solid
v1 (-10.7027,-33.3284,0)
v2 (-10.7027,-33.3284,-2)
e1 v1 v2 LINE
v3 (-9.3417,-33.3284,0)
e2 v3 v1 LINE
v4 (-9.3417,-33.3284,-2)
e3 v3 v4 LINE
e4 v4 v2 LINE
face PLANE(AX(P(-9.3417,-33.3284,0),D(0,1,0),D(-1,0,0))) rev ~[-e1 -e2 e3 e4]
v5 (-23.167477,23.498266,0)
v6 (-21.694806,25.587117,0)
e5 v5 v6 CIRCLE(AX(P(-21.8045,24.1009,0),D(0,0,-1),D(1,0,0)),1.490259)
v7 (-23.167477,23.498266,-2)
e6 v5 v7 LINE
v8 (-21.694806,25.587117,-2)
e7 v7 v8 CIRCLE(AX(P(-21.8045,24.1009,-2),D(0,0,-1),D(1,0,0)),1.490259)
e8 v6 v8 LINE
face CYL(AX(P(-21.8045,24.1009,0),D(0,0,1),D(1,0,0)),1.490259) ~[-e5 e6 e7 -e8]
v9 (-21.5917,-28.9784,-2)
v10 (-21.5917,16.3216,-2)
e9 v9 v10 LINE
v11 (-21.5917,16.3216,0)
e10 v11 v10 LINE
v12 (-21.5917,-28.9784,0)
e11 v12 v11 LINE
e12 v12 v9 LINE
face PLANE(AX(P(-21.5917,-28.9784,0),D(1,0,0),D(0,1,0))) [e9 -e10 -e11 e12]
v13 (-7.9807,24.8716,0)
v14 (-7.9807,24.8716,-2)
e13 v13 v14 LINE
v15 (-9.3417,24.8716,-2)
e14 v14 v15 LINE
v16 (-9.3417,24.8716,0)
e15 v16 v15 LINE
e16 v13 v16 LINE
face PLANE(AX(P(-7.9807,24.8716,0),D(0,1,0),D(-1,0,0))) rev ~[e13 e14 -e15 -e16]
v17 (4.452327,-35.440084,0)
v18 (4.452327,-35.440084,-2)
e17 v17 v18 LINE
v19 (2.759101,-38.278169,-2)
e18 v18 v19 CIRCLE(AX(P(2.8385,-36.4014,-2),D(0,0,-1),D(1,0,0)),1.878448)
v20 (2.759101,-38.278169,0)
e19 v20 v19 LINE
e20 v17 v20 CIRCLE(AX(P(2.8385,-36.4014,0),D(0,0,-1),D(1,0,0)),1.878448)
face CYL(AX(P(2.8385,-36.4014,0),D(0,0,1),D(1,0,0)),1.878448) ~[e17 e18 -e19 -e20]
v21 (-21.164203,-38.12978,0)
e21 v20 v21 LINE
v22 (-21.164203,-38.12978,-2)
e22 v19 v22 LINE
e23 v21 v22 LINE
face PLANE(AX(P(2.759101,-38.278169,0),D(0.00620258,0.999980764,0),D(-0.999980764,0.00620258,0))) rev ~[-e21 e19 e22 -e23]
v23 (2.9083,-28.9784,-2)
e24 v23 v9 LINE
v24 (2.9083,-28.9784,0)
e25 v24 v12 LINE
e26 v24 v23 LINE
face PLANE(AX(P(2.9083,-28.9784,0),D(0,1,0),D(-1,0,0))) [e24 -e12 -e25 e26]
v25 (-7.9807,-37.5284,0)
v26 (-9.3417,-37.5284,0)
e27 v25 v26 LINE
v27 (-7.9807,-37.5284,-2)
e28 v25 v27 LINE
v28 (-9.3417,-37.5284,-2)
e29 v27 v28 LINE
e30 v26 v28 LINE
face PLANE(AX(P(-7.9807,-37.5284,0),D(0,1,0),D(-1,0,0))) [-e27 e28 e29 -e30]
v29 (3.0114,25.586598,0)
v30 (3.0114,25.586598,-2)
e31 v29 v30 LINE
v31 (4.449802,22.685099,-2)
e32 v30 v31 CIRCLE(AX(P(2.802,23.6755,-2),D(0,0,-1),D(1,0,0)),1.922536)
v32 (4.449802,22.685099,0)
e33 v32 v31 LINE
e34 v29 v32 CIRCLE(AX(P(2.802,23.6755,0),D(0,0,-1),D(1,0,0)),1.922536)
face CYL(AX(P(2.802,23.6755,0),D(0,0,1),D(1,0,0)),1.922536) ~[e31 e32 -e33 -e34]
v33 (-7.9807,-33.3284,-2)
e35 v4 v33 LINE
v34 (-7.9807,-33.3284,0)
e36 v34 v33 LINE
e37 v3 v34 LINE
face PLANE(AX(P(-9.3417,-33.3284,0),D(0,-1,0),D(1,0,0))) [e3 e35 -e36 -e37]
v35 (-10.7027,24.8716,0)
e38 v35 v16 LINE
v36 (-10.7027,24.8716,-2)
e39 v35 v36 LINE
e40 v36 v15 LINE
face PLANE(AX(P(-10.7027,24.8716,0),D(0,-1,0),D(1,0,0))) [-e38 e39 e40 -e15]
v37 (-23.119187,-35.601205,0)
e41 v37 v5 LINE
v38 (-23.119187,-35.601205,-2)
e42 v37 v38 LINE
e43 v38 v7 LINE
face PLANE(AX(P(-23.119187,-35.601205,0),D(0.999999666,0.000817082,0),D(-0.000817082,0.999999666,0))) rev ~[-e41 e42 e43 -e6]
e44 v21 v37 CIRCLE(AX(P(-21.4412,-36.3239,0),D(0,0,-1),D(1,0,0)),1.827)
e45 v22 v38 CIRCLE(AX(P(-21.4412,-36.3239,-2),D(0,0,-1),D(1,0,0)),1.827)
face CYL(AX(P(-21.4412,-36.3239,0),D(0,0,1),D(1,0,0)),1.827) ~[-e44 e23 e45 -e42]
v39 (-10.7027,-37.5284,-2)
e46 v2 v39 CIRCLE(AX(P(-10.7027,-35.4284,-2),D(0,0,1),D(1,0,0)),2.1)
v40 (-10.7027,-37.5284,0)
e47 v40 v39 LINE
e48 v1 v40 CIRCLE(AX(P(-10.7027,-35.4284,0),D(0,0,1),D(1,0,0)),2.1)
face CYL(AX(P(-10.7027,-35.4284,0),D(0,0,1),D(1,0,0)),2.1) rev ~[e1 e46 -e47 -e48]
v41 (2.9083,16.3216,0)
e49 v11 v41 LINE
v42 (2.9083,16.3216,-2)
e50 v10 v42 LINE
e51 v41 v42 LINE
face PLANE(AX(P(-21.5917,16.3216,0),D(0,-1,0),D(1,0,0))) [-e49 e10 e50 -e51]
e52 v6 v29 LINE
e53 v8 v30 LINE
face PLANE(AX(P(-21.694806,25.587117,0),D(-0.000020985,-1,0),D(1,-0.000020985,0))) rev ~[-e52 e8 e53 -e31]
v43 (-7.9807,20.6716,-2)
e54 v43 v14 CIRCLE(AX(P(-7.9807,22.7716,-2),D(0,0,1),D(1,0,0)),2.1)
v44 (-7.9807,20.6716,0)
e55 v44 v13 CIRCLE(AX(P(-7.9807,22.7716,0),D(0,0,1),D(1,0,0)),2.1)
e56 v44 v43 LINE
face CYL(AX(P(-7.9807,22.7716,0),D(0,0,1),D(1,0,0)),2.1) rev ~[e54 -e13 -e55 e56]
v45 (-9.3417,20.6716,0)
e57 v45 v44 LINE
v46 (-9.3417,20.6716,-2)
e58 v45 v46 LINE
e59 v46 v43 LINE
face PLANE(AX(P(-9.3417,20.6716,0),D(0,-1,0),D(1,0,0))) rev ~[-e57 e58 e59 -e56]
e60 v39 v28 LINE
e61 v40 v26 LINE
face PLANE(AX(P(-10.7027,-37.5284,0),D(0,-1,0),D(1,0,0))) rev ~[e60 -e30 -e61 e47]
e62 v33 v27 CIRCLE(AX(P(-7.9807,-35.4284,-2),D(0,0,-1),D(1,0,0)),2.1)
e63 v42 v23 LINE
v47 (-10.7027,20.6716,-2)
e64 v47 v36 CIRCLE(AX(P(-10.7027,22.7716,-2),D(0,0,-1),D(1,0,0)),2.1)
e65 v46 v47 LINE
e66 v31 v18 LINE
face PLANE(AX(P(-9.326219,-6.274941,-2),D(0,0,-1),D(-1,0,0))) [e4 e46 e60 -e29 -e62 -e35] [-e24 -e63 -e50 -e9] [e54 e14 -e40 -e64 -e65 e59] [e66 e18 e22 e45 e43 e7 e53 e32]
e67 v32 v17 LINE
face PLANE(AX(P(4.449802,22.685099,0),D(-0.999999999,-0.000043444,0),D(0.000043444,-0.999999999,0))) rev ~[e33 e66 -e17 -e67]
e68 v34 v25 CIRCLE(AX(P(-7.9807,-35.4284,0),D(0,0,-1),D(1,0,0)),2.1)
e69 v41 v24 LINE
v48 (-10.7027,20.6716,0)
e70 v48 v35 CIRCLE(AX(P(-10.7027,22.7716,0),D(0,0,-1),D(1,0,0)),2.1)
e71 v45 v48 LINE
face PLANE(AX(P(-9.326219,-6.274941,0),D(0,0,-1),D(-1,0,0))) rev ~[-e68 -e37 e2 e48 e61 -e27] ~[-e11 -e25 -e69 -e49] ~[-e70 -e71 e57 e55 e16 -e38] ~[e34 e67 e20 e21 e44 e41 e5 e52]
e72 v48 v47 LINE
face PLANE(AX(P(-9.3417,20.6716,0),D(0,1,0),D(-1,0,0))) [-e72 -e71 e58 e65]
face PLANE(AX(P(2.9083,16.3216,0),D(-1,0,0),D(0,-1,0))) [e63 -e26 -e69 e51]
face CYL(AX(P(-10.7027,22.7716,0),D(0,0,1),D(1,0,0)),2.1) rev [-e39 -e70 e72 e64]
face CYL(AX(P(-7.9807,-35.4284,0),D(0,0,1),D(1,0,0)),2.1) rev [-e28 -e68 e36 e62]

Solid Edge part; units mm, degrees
sketch "Sketch1" plane through (0, 0, 0) normal (0, 0, 1) x (1, 0, 0)
  line L0 (-21.6948, 25.5872) -> (3.0114, 25.5866)
  arc A0 (3.0114, 25.5866) -> (4.4498, 22.6851) centre (2.802, 23.6755) cw
  line L1 (4.4498, 22.6851) -> (4.4523, -35.4401)
  arc A1 (4.4523, -35.4401) -> (2.7591, -38.2782) centre (2.8385, -36.4014) cw
  line L2 (2.7591, -38.2782) -> (-21.1642, -38.1298)
  arc A2 (-21.1642, -38.1298) -> (-23.1192, -35.6012) centre (-21.4412, -36.3239) cw
  line L3 (-23.1192, -35.6012) -> (-23.1674, 23.4983)
  arc A3 (-23.1674, 23.4983) -> (-21.6948, 25.5872) centre (-21.8045, 24.1009) cw
  arc A4 (-7.9807, 20.6716) -> (-7.9807, 24.8716) centre (-7.9807, 22.7716) ccw
  line L4 (-7.9807, 24.8716) -> (-9.3417, 24.8716)
  line L5 (-10.7027, 24.8716) -> (-9.3417, 24.8716)
  arc A5 (-10.7027, 20.6716) -> (-10.7027, 24.8716) centre (-10.7027, 22.7716) cw
  line L6 (-9.3417, 20.6716) -> (-10.7027, 20.6716)
  line L7 (-9.3417, 20.6716) -> (-7.9807, 20.6716)
  line L8 (-21.5917, 16.3216) -> (2.9083, 16.3216)
  line L9 (2.9083, 16.3216) -> (2.9083, -28.9784)
  line L10 (2.9083, -28.9784) -> (-21.5917, -28.9784)
  line L11 (-21.5917, -28.9784) -> (-21.5917, 16.3216)
  arc A6 (-10.7027, -33.3284) -> (-10.7027, -37.5284) centre (-10.7027, -35.4284) ccw
  line L12 (-10.7027, -37.5284) -> (-9.3417, -37.5284)
  line L13 (-7.9807, -37.5284) -> (-9.3417, -37.5284)
  arc A7 (-7.9807, -33.3284) -> (-7.9807, -37.5284) centre (-7.9807, -35.4284) cw
  line L14 (-9.3417, -33.3284) -> (-7.9807, -33.3284)
  line L15 (-9.3417, -33.3284) -> (-10.7027, -33.3284)
  dimension "D1" = 0.01
  dimension "D2" = 1
  dimension "D3" = 0.1
extrude "Protrusion1" add sketch "Sketch1" against normal blind 2
